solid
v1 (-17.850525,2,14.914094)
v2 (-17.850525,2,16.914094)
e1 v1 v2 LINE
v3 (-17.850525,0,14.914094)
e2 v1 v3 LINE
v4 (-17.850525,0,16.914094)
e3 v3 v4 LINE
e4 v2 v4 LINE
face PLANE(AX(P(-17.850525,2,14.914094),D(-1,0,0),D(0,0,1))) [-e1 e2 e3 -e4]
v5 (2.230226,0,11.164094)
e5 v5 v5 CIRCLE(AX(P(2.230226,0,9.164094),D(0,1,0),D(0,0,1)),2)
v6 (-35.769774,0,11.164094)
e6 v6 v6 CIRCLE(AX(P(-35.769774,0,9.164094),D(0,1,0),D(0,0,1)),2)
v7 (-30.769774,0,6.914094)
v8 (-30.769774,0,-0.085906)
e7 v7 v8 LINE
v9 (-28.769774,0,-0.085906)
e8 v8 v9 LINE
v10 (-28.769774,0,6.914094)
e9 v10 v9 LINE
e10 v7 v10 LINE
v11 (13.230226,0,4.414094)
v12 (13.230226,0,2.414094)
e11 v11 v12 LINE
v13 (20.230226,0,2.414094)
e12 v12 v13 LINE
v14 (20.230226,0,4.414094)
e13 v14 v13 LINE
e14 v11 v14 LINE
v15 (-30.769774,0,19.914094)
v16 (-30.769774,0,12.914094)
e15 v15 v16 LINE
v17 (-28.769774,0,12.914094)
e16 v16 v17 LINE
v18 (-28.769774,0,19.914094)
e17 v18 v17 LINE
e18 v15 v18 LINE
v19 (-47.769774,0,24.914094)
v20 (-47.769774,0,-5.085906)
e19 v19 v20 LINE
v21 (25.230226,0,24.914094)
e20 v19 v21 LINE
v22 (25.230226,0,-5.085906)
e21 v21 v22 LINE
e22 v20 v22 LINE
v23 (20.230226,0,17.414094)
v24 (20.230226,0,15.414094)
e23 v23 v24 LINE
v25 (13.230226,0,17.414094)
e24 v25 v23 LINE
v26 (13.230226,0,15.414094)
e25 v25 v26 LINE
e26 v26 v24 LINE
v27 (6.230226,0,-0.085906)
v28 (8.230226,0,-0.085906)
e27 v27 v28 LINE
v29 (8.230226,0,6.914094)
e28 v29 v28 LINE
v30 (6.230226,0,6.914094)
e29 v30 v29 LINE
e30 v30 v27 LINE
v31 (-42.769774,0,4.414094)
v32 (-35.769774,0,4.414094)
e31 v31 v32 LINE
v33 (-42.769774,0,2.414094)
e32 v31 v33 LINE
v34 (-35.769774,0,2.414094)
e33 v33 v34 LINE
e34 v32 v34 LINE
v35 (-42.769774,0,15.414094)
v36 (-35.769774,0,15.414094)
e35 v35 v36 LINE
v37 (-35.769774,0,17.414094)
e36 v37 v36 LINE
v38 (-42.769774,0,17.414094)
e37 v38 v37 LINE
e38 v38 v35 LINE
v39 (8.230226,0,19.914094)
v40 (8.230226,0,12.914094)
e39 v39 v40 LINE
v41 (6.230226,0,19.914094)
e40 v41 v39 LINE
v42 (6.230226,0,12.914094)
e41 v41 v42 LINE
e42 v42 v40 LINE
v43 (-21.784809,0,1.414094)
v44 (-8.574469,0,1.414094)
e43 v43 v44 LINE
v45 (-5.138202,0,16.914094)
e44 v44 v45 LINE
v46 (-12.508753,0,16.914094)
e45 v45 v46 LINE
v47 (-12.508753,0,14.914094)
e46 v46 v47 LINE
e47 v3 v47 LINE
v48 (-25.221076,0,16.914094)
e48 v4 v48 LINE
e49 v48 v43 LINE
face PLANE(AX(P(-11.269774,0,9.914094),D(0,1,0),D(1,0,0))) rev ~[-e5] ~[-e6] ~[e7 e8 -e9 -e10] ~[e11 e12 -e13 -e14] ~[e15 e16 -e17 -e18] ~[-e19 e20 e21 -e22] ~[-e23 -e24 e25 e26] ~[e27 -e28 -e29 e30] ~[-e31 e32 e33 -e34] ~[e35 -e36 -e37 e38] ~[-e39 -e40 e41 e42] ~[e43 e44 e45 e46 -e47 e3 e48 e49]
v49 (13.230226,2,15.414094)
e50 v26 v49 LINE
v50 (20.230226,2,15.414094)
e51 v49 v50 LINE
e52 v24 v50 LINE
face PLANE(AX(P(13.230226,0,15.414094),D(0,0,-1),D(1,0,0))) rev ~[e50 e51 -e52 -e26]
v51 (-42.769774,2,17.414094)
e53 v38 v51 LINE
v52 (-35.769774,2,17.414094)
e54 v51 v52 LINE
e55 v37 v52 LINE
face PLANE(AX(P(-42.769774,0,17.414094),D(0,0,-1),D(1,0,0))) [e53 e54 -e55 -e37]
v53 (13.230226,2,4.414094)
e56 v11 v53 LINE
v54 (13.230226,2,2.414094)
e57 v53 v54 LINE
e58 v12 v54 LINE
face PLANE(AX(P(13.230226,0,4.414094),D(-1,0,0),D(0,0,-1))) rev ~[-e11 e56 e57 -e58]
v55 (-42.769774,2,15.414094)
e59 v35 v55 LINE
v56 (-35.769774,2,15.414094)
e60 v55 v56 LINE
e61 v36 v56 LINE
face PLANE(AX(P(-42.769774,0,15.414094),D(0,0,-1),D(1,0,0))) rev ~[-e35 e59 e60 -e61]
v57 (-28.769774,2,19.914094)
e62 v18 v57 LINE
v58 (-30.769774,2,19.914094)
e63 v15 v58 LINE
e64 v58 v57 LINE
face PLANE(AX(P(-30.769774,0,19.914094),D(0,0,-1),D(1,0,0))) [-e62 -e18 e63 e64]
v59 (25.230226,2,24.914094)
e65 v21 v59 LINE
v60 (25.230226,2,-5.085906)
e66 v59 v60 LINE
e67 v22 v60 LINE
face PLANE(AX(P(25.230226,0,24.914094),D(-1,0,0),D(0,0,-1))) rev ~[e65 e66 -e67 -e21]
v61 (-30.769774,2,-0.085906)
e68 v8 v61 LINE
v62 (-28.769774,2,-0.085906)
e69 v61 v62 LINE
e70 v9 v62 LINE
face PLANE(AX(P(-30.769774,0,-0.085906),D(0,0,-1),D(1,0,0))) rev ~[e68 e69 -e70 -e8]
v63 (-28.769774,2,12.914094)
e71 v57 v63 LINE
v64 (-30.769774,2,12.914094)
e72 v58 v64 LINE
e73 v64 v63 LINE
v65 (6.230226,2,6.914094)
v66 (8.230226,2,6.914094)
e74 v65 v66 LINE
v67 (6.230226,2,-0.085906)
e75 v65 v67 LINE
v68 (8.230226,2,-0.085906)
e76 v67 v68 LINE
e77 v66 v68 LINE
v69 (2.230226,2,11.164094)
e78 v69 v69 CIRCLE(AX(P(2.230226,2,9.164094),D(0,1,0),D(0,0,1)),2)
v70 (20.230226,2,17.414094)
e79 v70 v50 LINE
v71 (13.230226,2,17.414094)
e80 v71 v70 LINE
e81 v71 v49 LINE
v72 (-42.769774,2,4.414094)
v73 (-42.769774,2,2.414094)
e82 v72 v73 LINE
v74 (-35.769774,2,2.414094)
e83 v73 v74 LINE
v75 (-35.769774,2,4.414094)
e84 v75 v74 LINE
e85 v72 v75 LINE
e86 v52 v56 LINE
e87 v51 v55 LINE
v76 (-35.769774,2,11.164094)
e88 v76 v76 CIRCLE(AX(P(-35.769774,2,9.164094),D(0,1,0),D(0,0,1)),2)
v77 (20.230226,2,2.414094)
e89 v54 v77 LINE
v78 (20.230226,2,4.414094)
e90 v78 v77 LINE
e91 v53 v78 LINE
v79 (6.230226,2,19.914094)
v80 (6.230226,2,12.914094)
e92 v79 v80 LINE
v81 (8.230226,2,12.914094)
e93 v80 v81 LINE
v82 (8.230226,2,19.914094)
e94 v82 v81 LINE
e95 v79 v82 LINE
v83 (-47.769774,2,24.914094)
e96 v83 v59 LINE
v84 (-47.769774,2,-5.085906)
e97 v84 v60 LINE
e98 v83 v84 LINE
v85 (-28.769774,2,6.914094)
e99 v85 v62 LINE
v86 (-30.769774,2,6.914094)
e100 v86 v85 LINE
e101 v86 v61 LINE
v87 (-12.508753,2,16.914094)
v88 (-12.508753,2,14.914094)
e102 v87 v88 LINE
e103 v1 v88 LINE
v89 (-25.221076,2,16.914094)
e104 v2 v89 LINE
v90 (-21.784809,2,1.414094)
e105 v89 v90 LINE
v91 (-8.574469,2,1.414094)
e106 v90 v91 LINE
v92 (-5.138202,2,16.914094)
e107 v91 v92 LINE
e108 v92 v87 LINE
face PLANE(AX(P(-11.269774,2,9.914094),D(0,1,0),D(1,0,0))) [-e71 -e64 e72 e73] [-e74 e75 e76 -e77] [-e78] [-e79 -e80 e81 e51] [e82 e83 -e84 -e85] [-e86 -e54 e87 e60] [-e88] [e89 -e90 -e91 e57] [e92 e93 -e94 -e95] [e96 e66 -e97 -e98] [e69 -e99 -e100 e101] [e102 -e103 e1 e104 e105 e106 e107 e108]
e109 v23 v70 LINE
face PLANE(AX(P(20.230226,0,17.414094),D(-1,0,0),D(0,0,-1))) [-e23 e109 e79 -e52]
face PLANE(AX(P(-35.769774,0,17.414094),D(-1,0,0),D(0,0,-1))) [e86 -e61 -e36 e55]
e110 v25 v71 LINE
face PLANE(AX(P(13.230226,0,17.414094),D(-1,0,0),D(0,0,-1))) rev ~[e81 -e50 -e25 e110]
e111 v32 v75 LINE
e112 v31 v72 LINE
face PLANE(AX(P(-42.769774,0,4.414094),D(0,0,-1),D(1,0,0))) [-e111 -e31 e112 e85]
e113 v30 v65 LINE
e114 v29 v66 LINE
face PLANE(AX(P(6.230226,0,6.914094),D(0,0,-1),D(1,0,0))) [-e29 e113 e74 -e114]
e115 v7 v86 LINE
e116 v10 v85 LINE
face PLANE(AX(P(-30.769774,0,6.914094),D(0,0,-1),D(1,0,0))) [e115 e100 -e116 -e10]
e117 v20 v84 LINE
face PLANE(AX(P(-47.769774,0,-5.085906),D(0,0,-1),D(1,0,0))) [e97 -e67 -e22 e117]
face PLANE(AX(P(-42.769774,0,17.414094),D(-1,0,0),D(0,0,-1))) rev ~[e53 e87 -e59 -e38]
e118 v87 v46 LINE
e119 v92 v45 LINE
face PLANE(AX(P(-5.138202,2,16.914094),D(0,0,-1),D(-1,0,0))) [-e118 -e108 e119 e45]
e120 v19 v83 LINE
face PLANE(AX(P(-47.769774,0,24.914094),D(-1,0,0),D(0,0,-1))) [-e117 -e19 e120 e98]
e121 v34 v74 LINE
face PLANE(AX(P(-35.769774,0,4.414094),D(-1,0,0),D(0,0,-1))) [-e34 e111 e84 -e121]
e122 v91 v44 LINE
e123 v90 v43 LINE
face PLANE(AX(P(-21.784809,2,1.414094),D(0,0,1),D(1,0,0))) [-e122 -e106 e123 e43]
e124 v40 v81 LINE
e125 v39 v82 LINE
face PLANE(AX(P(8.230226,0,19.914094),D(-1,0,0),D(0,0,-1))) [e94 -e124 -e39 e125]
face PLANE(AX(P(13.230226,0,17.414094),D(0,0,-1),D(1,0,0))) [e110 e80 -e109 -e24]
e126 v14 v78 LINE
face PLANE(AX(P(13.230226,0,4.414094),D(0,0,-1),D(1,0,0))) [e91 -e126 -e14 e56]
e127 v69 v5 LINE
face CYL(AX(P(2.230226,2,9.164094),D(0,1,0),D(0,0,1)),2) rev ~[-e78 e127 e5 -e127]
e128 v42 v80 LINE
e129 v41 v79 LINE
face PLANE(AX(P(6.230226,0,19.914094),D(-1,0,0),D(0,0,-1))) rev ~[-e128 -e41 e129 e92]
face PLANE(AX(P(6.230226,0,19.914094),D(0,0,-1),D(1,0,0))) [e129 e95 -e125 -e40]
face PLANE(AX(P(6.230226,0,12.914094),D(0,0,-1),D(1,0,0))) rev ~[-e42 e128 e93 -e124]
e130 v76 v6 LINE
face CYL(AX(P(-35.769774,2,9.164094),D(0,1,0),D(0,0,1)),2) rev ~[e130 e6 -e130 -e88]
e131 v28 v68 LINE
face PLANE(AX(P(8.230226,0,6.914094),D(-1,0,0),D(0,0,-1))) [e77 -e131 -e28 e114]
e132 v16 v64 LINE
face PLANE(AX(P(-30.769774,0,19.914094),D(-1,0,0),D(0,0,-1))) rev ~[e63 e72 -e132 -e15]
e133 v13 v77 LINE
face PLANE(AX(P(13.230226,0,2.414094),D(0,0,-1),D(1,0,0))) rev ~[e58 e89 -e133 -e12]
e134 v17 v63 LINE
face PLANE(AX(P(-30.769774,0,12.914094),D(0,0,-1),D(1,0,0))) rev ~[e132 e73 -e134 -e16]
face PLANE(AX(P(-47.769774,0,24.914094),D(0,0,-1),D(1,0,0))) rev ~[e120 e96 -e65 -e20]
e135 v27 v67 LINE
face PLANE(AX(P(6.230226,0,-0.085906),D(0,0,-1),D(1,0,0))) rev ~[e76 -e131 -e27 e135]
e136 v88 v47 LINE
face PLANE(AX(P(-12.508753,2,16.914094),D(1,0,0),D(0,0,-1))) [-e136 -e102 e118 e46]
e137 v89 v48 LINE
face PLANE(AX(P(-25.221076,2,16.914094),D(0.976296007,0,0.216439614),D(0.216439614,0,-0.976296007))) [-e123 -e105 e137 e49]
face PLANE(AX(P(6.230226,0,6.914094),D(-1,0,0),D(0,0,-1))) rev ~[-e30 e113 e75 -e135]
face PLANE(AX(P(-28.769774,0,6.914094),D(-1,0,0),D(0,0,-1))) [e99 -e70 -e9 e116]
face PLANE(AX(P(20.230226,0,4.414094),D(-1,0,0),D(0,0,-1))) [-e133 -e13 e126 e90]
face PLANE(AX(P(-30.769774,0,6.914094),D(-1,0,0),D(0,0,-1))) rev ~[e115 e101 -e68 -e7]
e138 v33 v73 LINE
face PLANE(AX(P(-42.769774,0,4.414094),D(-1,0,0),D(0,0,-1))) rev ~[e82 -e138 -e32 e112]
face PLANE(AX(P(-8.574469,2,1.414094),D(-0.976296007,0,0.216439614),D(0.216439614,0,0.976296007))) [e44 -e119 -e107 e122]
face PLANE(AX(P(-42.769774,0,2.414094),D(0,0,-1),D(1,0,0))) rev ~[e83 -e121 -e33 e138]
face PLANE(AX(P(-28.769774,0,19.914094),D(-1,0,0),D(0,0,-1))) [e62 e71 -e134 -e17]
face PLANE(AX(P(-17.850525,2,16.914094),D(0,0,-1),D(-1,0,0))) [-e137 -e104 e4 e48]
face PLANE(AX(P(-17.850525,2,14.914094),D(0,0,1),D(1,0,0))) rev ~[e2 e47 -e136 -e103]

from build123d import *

# Parameters (mm, degrees)
SKETCH1_W           = 73
SKETCH1_H           = 30
SKETCH1_W_2         = 7
SKETCH1_H_2         = 2
SKETCH1_W_3         = 2
SKETCH1_H_3         = 7
BOSS_EXTRUDE1_DEPTH = 2
CUT_EXTRUDE1_DEPTH  = 10
SKETCH6_R           = 2
CUT_EXTRUDE2_DEPTH  = 19


with BuildPart() as part:
    # Sketch1 → Boss-Extrude1 (new body)
    with BuildSketch(Plane(origin=(0, 0, 0), x_dir=(1, 0, 0), z_dir=(0, 1, 0))):
        with Locations((-11.269774173, -9.91409445)):
            Rectangle(SKETCH1_W, SKETCH1_H)
        with Locations((-39.269774173, -16.41409445)):
            Rectangle(SKETCH1_W_2, SKETCH1_H_2, mode=Mode.SUBTRACT)
        with Locations((-39.269774173, -3.41409445)):
            Rectangle(SKETCH1_W_2, SKETCH1_H_2, mode=Mode.SUBTRACT)
        with Locations((16.730225827, -3.41409445)):
            Rectangle(SKETCH1_W_2, SKETCH1_H_2, mode=Mode.SUBTRACT)
        with Locations((16.730225827, -16.41409445)):
            Rectangle(SKETCH1_W_2, SKETCH1_H_2, mode=Mode.SUBTRACT)
        with Locations((-29.769774173, -3.41409445)):
            Rectangle(SKETCH1_W_3, SKETCH1_H_3, mode=Mode.SUBTRACT)
        with Locations((-29.769774173, -16.41409445)):
            Rectangle(SKETCH1_W_3, SKETCH1_H_3, mode=Mode.SUBTRACT)
        with Locations((7.230225827, -16.41409445)):
            Rectangle(SKETCH1_W_3, SKETCH1_H_3, mode=Mode.SUBTRACT)
        with Locations((7.230225827, -3.41409445)):
            Rectangle(SKETCH1_W_3, SKETCH1_H_3, mode=Mode.SUBTRACT)
    extrude(amount=BOSS_EXTRUDE1_DEPTH)

    # Sketch3 → Cut-Extrude1 (cut)
    with BuildSketch(Plane(origin=(0, 2, 0), x_dir=(1, 0, 0), z_dir=(0, 1, 0))):
        Polygon((-20.17963908, -3.41409445), (-22.7291277, -14.91409445), (-17.850525272, -14.91409445), (-12.508752888, -14.91409445), (-7.630150459, -14.91409445), (-10.17963908, -3.41409445), align=None)
        Polygon((-5.138202105, -16.91409445), (-12.508752888, -16.91409445), (-12.508752888, -14.91409445), (-7.630150459, -14.91409445), (-10.17963908, -3.41409445), (-20.17963908, -3.41409445), (-22.7291277, -14.91409445), (-17.850525272, -14.91409445), (-17.850525272, -16.91409445), (-25.221076054, -16.91409445), (-21.784808783, -1.41409445), (-8.574469376, -1.41409445), align=None)
    extrude(amount=-CUT_EXTRUDE1_DEPTH, mode=Mode.SUBTRACT)

    # Sketch6 → Cut-Extrude2 (cut)
    with BuildSketch(Plane(origin=(0, 2, 0), x_dir=(1, 0, 0), z_dir=(0, 1, 0))):
        with Locations(Location((-35.769774173, -9.16409445, 0), (0, 0, 270))):
            Circle(SKETCH6_R)
        with Locations(Location((2.230225827, -9.16409445, 0), (0, 0, 270))):
            Circle(SKETCH6_R)
    extrude(amount=-CUT_EXTRUDE2_DEPTH, mode=Mode.SUBTRACT)


solid = part.part
